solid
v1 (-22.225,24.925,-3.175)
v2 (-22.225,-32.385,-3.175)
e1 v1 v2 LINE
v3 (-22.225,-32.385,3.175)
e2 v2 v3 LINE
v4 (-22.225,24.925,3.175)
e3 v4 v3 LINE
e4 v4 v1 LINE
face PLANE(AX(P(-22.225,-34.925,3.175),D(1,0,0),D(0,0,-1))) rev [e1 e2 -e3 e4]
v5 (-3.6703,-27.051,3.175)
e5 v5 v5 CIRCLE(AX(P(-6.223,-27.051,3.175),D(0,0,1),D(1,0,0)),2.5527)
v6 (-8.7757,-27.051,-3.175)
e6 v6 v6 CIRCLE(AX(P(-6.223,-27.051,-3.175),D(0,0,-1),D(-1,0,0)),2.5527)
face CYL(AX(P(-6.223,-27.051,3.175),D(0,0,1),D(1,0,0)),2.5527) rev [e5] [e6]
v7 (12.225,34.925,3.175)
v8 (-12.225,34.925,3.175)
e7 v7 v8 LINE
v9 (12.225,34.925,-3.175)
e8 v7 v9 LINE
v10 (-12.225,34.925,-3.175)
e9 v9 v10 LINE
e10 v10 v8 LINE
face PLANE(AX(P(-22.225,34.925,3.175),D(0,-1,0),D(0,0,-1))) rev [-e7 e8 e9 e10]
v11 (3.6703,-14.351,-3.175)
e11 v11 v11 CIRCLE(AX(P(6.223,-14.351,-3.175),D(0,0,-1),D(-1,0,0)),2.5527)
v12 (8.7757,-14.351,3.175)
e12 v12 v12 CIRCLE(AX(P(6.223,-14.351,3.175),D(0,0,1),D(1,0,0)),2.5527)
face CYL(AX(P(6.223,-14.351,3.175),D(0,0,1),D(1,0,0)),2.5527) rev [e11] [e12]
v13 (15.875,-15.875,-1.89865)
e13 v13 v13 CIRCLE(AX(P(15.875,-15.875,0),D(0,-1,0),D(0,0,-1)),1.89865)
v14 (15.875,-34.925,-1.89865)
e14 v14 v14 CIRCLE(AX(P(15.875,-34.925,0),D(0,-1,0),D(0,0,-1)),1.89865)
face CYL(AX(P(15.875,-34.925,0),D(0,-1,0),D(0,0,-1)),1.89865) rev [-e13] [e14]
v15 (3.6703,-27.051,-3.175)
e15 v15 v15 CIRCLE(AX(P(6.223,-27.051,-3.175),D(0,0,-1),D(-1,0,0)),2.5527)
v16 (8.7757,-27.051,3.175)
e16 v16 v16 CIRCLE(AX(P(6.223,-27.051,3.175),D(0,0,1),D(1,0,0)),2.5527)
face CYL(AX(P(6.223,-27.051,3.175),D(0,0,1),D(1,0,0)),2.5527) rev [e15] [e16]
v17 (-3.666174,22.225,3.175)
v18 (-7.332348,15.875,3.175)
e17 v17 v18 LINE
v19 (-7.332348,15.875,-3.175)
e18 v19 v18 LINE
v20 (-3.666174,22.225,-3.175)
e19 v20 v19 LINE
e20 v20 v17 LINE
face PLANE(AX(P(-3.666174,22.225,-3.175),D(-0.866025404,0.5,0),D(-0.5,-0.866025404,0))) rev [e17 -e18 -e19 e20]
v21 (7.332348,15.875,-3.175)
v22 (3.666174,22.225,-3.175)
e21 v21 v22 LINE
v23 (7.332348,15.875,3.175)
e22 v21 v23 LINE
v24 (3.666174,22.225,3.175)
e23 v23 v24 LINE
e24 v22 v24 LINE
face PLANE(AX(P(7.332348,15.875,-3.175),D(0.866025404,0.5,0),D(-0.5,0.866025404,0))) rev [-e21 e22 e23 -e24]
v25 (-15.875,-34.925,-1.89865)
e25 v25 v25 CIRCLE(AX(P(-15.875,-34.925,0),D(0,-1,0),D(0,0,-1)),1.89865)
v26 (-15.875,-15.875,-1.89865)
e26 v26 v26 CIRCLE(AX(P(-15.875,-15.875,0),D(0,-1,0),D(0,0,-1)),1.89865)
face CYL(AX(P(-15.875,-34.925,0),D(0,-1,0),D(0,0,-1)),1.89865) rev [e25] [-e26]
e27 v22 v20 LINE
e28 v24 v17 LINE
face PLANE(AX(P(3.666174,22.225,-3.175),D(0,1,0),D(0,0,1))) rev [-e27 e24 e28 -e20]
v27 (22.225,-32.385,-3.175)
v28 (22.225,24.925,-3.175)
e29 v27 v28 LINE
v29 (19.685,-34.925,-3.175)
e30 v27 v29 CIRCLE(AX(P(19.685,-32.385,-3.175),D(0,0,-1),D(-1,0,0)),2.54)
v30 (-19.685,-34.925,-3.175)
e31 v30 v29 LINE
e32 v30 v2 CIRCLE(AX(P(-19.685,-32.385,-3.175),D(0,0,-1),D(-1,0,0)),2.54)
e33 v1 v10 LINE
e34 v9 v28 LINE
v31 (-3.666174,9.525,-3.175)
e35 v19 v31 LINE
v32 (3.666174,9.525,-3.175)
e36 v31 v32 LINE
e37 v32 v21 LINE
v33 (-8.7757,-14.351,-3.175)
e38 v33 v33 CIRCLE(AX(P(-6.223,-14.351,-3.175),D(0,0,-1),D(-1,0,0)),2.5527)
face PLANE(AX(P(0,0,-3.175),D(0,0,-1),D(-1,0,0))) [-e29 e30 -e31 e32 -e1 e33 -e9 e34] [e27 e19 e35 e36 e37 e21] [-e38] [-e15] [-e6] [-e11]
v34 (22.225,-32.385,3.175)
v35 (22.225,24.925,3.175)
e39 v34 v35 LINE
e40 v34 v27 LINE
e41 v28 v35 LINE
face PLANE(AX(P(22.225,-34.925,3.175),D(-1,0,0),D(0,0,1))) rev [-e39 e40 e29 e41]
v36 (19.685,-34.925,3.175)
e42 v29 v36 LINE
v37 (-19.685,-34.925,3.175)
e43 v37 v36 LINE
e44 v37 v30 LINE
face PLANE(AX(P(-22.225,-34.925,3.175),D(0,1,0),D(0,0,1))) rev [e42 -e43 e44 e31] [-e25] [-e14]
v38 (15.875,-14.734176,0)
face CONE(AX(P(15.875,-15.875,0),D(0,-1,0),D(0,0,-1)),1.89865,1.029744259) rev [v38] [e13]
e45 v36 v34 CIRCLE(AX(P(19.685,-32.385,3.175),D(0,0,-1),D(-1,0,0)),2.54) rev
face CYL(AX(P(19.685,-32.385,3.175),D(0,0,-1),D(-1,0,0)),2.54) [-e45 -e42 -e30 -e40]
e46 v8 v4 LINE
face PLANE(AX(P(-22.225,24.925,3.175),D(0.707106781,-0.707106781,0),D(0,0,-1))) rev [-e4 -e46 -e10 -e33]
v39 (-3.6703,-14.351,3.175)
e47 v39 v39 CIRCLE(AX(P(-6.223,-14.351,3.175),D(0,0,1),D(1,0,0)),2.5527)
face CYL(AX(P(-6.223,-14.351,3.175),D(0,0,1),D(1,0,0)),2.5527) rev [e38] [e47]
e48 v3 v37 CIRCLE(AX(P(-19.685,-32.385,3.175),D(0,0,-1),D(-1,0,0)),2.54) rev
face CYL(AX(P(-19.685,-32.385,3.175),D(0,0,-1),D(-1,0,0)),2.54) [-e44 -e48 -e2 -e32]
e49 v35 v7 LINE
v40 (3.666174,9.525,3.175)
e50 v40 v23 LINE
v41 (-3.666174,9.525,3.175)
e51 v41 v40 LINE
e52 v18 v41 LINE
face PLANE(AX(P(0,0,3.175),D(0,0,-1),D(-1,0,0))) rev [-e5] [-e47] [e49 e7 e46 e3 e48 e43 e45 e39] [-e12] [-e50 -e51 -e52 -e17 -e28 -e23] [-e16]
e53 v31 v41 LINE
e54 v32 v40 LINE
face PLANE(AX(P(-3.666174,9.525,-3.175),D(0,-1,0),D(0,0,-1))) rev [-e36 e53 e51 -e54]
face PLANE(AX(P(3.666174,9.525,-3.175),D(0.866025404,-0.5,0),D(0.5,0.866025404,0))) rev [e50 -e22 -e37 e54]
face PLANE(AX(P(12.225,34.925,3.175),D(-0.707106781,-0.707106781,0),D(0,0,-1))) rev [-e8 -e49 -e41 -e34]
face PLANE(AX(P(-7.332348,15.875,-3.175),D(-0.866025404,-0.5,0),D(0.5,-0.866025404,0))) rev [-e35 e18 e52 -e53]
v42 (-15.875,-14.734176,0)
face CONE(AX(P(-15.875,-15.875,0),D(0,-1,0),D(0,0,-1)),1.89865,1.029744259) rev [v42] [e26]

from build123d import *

# Parameters (mm, degrees)
SKETCH1_W                      = 44.45
SKETCH1_H                      = 69.85
BOSS_EXTRUDE1_DEPTH            = 3.175
CHAMFER1_SIZE                  = 10
CUT_EXTRUDE1_DEPTH             = 7.35
TAP_DRILL_FOR_10_24_TAP1_D     = 3.7973
TAP_DRILL_FOR_10_24_TAP1_DEPTH = 19.05
TAP_DRILL_FOR_10_24_TAP1_TIP   = 1.140824014
F_10_CLEARANCE_HOLE1_D         = 5.1054
F_10_CLEARANCE_HOLE1_DEPTH     = 12.7
F_10_CLEARANCE_HOLE1_TIP       = 1.533816902
FILLET1_R                      = 2.54


with BuildPart() as part:
    # Sketch1 → Boss-Extrude1 (new body, symmetric)
    with BuildSketch(Plane.XY):
        Rectangle(SKETCH1_W, SKETCH1_H)
    extrude(amount=BOSS_EXTRUDE1_DEPTH, both=True)

    # Chamfer1
    chamfer1_edges = [part.edges().sort_by_distance(p)[0] for p in [
        (-22.225, 34.925, 0),
        (22.225, 34.925, 0),
    ]]
    chamfer(chamfer1_edges, length=CHAMFER1_SIZE)

    # Sketch2 → Cut-Extrude1 (cut, through all)
    with BuildSketch(Plane.XY.offset(3.175)):
        Polygon((7.332348419, 15.875), (3.666174209, 22.225), (-3.666174209, 22.225), (-7.332348419, 15.875), (-3.666174209, 9.525), (3.666174209, 9.525), align=None)
    extrude(amount=-CUT_EXTRUDE1_DEPTH, mode=Mode.SUBTRACT)

    # Tap Drill for #10-24 Tap1
    with Locations(Plane(origin=(0, -34.925, 0), x_dir=(-1, 0, 0), z_dir=(0, -1, 0))):
        with Locations((15.875, 0), (-15.875, 0)):
            Hole(TAP_DRILL_FOR_10_24_TAP1_D / 2, depth=TAP_DRILL_FOR_10_24_TAP1_DEPTH)
            with Locations((0, 0, -(TAP_DRILL_FOR_10_24_TAP1_DEPTH + TAP_DRILL_FOR_10_24_TAP1_TIP / 2))):  # 118° drill point
                Cone(0, TAP_DRILL_FOR_10_24_TAP1_D / 2, TAP_DRILL_FOR_10_24_TAP1_TIP, mode=Mode.SUBTRACT)

    # #10 Clearance Hole1
    with Locations(Plane.XY.offset(3.175)):
        with Locations((-6.223, -14.351), (6.223, -14.351), (6.223, -27.051), (-6.223, -27.051)):
            Hole(F_10_CLEARANCE_HOLE1_D / 2, depth=F_10_CLEARANCE_HOLE1_DEPTH)
            with Locations((0, 0, -(F_10_CLEARANCE_HOLE1_DEPTH + F_10_CLEARANCE_HOLE1_TIP / 2))):  # 118° drill point
                Cone(0, F_10_CLEARANCE_HOLE1_D / 2, F_10_CLEARANCE_HOLE1_TIP, mode=Mode.SUBTRACT)

    # Fillet1
    fillet1_edges = [part.edges().sort_by_distance(p)[0] for p in [
        (22.225, -34.925, 0),
        (-22.225, -34.925, 0),
    ]]
    fillet(fillet1_edges, radius=FILLET1_R)


solid = part.part
